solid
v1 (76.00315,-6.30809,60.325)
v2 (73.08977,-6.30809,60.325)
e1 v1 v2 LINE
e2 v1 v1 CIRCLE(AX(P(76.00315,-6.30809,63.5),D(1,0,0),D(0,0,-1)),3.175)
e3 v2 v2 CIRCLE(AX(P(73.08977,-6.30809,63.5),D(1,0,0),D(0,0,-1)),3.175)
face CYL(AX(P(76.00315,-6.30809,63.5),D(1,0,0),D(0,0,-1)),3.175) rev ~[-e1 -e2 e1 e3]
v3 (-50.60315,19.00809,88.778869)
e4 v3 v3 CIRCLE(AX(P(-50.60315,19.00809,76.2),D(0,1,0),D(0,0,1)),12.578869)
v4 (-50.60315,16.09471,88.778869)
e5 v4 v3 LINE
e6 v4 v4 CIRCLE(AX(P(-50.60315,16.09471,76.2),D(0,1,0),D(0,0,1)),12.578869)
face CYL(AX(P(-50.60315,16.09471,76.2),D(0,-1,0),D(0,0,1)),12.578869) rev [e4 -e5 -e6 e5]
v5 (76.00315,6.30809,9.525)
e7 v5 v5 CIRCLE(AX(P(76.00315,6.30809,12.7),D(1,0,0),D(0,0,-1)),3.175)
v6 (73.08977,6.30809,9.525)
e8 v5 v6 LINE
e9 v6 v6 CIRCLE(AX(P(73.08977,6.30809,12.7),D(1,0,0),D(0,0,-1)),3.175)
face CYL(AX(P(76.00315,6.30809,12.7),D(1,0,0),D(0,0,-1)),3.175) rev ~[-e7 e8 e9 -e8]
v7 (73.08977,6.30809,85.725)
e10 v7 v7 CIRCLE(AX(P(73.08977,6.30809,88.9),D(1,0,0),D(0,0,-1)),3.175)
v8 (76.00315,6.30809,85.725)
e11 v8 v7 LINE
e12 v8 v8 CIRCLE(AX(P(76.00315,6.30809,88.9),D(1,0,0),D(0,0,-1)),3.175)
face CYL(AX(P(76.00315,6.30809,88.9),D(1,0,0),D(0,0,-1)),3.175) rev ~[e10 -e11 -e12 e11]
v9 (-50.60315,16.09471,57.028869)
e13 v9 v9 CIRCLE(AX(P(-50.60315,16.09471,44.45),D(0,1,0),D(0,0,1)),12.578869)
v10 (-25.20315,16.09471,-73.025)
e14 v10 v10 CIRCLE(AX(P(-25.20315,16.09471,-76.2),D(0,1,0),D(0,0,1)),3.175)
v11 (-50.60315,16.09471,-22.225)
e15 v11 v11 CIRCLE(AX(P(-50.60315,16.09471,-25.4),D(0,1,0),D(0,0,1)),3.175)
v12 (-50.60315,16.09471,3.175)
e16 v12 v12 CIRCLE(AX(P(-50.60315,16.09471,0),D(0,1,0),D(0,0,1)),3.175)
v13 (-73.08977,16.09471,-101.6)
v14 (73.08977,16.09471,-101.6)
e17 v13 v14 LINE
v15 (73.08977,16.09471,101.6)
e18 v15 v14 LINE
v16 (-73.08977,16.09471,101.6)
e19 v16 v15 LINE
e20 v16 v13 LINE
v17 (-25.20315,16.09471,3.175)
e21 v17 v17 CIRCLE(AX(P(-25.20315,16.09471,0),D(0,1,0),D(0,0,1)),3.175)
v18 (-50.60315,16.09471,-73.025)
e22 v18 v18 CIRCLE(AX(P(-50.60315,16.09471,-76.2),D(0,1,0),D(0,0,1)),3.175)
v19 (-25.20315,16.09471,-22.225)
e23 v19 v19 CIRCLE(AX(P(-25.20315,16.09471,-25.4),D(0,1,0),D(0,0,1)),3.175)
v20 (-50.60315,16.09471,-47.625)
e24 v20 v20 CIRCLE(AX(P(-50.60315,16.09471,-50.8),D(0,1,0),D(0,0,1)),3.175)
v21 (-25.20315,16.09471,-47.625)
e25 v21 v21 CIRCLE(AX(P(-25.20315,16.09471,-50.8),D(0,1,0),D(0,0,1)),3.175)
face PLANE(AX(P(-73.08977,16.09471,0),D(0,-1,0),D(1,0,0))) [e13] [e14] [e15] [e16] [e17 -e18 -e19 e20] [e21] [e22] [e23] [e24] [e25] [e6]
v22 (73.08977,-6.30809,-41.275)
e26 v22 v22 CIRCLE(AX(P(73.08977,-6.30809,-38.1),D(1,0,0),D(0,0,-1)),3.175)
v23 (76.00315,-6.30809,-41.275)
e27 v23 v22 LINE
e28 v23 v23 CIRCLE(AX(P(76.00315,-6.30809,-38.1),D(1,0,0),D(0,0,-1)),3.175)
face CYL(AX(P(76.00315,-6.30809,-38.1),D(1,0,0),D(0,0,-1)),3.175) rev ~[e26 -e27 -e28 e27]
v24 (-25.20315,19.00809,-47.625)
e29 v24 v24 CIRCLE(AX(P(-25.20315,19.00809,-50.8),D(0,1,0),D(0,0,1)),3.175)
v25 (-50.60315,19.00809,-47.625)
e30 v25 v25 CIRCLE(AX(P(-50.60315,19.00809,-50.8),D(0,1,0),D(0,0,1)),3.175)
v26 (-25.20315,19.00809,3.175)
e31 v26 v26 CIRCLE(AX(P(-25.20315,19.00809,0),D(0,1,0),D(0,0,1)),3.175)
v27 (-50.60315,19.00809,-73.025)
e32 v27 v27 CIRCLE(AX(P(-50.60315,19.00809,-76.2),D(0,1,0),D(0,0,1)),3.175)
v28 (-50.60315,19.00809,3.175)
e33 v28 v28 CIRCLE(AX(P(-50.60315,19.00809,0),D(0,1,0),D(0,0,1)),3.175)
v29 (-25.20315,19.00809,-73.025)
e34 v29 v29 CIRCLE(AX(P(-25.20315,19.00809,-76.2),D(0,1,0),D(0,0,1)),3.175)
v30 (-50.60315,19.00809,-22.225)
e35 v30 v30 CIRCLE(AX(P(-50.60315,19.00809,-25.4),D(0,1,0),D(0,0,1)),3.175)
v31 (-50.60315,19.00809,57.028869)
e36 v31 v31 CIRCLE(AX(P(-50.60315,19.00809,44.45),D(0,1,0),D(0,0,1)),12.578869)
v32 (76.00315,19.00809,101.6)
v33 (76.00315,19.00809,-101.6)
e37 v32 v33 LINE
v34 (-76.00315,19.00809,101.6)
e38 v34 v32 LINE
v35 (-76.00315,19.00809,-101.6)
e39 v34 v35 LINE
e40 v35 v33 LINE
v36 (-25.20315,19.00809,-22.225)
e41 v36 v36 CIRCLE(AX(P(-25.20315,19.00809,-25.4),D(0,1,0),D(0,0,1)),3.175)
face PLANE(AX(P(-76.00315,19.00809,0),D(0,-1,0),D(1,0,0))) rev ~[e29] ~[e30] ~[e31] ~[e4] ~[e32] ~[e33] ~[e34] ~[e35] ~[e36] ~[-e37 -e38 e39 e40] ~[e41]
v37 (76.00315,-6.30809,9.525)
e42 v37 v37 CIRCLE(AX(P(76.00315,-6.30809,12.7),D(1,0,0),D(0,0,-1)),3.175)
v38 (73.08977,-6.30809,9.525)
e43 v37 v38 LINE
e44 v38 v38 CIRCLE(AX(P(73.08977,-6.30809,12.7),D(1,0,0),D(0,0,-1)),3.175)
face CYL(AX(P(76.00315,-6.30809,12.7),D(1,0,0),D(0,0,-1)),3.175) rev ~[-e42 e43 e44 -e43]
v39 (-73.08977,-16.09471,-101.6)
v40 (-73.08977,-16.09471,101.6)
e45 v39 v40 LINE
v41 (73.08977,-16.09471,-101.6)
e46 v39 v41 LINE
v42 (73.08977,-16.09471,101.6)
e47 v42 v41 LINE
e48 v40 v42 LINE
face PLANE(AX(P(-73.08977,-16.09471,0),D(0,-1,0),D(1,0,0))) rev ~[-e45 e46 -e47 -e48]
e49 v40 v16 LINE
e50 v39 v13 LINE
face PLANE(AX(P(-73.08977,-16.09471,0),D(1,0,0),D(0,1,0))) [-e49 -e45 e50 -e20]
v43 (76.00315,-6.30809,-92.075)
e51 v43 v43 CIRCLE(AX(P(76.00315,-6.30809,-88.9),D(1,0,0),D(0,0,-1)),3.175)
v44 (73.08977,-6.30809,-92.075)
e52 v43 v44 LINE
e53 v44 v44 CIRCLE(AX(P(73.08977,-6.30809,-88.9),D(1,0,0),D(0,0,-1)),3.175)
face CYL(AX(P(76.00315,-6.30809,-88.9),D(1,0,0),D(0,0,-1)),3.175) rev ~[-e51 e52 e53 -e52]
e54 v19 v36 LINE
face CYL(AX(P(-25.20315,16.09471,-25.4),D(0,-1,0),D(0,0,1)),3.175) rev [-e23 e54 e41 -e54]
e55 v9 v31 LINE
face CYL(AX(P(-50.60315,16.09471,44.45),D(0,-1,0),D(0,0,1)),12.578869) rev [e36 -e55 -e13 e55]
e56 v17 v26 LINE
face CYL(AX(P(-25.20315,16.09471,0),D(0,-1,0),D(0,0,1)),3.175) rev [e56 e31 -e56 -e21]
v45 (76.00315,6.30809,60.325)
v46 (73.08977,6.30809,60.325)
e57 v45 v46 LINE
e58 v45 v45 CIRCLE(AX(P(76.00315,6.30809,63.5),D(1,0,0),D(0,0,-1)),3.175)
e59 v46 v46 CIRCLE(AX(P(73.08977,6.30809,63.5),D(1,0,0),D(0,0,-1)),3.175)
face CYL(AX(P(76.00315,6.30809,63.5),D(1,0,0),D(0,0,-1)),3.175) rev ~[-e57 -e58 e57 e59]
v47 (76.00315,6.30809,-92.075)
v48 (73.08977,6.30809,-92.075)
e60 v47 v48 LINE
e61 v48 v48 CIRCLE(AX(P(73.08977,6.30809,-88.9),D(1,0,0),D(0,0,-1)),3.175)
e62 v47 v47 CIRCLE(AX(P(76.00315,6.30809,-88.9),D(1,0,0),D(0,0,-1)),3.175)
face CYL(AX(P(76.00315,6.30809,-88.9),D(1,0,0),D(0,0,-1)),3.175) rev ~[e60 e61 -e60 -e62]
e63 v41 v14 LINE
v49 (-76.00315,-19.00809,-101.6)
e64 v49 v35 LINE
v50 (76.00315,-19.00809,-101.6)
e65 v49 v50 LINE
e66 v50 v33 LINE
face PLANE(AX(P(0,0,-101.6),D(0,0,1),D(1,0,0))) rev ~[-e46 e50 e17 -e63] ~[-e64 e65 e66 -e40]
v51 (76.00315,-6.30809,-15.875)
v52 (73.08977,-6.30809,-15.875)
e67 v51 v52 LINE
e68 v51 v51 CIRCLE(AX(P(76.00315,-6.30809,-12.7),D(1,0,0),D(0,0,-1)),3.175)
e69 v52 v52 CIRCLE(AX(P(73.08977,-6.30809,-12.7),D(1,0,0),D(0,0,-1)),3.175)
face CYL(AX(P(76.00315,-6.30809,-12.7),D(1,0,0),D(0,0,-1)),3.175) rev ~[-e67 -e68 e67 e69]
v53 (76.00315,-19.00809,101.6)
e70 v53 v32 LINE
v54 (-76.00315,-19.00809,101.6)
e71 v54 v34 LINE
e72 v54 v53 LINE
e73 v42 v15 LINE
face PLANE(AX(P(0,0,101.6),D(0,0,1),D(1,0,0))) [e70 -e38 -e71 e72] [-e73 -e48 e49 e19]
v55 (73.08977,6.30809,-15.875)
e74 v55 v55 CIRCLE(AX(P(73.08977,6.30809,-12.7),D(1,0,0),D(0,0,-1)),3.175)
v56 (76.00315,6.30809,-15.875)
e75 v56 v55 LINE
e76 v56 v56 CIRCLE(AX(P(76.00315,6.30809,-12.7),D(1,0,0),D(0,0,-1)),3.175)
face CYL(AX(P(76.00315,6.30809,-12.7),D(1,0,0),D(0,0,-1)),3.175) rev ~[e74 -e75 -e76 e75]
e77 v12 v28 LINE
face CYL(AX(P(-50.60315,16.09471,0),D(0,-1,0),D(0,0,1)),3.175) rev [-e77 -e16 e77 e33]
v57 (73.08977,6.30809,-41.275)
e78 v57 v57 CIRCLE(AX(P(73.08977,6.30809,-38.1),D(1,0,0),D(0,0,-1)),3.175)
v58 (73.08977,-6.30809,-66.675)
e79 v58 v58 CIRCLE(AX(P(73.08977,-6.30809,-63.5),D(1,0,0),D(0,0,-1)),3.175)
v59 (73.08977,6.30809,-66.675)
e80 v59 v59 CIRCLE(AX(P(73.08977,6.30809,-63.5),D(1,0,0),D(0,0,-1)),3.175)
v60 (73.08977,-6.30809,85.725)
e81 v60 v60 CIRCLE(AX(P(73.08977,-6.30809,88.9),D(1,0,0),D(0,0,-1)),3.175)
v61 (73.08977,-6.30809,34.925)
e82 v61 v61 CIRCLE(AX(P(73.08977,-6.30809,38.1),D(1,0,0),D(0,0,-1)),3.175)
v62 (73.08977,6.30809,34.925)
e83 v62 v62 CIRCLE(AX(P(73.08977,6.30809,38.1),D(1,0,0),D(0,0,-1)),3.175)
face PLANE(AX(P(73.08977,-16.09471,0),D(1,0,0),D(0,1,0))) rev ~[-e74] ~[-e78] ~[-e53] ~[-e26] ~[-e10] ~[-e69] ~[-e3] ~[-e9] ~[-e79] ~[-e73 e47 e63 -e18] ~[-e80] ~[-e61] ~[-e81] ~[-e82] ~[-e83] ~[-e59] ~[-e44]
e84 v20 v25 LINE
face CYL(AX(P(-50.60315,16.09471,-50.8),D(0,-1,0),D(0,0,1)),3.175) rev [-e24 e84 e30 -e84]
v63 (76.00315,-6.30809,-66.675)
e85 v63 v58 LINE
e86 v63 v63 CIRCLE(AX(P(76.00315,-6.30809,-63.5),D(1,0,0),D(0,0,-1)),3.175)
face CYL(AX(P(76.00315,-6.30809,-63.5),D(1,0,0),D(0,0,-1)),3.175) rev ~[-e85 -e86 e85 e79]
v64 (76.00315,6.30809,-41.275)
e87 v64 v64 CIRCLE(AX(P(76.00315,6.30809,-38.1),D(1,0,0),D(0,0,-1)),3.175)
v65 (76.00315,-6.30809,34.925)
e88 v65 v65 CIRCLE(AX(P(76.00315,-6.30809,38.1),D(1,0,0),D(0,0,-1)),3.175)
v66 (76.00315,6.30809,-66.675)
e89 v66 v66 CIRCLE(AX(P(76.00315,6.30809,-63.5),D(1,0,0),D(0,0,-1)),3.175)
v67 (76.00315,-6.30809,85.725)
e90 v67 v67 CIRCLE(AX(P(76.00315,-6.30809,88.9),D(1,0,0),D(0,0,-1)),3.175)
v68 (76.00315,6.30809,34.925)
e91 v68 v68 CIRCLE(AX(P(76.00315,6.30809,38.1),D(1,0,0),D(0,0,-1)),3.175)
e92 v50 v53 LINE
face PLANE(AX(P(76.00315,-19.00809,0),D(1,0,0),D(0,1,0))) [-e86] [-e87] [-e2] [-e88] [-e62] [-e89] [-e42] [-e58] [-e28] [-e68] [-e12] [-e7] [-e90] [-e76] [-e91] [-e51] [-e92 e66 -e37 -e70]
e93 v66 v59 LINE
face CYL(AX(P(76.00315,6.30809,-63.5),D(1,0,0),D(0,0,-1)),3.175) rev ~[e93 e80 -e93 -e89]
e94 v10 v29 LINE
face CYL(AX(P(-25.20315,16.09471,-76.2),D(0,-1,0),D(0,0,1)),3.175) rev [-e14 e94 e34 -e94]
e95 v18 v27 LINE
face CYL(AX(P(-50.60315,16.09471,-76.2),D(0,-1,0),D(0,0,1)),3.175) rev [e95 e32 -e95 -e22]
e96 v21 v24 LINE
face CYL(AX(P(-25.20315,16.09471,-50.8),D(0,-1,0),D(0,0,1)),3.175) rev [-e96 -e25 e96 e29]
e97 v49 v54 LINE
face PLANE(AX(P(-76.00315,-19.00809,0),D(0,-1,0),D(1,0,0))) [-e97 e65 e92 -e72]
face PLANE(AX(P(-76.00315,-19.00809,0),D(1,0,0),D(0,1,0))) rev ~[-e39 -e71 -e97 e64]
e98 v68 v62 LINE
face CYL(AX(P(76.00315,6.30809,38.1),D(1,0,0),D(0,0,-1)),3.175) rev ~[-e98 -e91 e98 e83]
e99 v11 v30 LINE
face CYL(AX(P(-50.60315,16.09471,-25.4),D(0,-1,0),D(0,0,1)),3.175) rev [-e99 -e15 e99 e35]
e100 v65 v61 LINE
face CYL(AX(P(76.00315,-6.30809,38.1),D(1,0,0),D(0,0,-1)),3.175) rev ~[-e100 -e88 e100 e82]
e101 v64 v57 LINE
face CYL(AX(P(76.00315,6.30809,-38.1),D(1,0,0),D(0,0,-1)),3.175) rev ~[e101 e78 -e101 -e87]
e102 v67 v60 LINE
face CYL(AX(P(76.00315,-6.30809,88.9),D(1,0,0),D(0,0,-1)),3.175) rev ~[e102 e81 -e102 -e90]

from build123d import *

# Parameters (mm, degrees)
SKETCH1_W           = 152.0063
SKETCH1_H           = 38.01618
SKETCH1_W_2         = 146.17954
SKETCH1_H_2         = 32.18942
BOSS_EXTRUDE1_DEPTH = 101.6
CUT_EXTRUDE1_START  = 16.09471
SKETCH2_R           = 12.578868564
SKETCH2_R_2         = 3.175
CUT_EXTRUDE1_DEPTH  = 2.91338
SKETCH3_R           = 3.175
CUT_EXTRUDE2_DEPTH  = 2.91338


with BuildPart() as part:
    # Sketch1 → Boss-Extrude1 (new, symmetric)
    with BuildSketch(Plane.XY):
        Rectangle(SKETCH1_W, SKETCH1_H)
        Rectangle(SKETCH1_W_2, SKETCH1_H_2, mode=Mode.SUBTRACT)
    extrude(amount=BOSS_EXTRUDE1_DEPTH, both=True)

    # Sketch2 (on Top Plane) → Cut-Extrude1 (cut)
    with BuildSketch(Plane(origin=(0, 0, 0), x_dir=(1, 0, 0), z_dir=(0, 1, 0)).offset(CUT_EXTRUDE1_START)):
        with Locations(Location((-50.60315, -76.2, 0), (0, 0, 270))):
            Circle(SKETCH2_R)
        with Locations(Location((-50.60315, -44.45, 0), (0, 0, 270))):
            Circle(SKETCH2_R)
        with Locations(Location((-50.60315, 76.2, 0), (0, 0, 270))):
            Circle(SKETCH2_R_2)
        with Locations(Location((-50.60315, 50.8, 0), (0, 0, 270))):
            Circle(SKETCH2_R_2)
        with Locations(Location((-50.60315, 25.4, 0), (0, 0, 270))):
            Circle(SKETCH2_R_2)
        with Locations(Location((-50.60315, 0, 0), (0, 0, 270))):
            Circle(SKETCH2_R_2)
        with Locations(Location((-25.20315, 76.2, 0), (0, 0, 270))):
            Circle(SKETCH2_R_2)
        with Locations(Location((-25.20315, 50.8, 0), (0, 0, 270))):
            Circle(SKETCH2_R_2)
        with Locations(Location((-25.20315, 25.4, 0), (0, 0, 270))):
            Circle(SKETCH2_R_2)
        with Locations(Location((-25.20315, 0, 0), (0, 0, 270))):
            Circle(SKETCH2_R_2)
    extrude(amount=CUT_EXTRUDE1_DEPTH, mode=Mode.SUBTRACT)

    # Sketch3 → Cut-Extrude2 (cut)
    with BuildSketch(Plane(origin=(76.00315, 0, 0), x_dir=(0, 0, -1), z_dir=(1, 0, 0))):
        with Locations((-12.7, 6.30809)):
            Circle(SKETCH3_R)
        with Locations((12.7, 6.30809)):
            Circle(SKETCH3_R)
        with Locations((38.1, 6.30809)):
            Circle(SKETCH3_R)
        with Locations((63.5, 6.30809)):
            Circle(SKETCH3_R)
        with Locations((88.9, 6.30809)):
            Circle(SKETCH3_R)
        with Locations((88.9, -6.30809)):
            Circle(SKETCH3_R)
        with Locations((63.5, -6.30809)):
            Circle(SKETCH3_R)
        with Locations((38.1, -6.30809)):
            Circle(SKETCH3_R)
        with Locations((12.7, -6.30809)):
            Circle(SKETCH3_R)
        with Locations((-12.7, -6.30809)):
            Circle(SKETCH3_R)
        with Locations((-38.1, -6.30809)):
            Circle(SKETCH3_R)
        with Locations((-63.5, -6.30809)):
            Circle(SKETCH3_R)
        with Locations((-88.9, -6.30809)):
            Circle(SKETCH3_R)
        with Locations((-88.9, 6.30809)):
            Circle(SKETCH3_R)
        with Locations((-63.5, 6.30809)):
            Circle(SKETCH3_R)
        with Locations((-38.1, 6.30809)):
            Circle(SKETCH3_R)
    extrude(amount=-CUT_EXTRUDE2_DEPTH, mode=Mode.SUBTRACT)


solid = part.part
